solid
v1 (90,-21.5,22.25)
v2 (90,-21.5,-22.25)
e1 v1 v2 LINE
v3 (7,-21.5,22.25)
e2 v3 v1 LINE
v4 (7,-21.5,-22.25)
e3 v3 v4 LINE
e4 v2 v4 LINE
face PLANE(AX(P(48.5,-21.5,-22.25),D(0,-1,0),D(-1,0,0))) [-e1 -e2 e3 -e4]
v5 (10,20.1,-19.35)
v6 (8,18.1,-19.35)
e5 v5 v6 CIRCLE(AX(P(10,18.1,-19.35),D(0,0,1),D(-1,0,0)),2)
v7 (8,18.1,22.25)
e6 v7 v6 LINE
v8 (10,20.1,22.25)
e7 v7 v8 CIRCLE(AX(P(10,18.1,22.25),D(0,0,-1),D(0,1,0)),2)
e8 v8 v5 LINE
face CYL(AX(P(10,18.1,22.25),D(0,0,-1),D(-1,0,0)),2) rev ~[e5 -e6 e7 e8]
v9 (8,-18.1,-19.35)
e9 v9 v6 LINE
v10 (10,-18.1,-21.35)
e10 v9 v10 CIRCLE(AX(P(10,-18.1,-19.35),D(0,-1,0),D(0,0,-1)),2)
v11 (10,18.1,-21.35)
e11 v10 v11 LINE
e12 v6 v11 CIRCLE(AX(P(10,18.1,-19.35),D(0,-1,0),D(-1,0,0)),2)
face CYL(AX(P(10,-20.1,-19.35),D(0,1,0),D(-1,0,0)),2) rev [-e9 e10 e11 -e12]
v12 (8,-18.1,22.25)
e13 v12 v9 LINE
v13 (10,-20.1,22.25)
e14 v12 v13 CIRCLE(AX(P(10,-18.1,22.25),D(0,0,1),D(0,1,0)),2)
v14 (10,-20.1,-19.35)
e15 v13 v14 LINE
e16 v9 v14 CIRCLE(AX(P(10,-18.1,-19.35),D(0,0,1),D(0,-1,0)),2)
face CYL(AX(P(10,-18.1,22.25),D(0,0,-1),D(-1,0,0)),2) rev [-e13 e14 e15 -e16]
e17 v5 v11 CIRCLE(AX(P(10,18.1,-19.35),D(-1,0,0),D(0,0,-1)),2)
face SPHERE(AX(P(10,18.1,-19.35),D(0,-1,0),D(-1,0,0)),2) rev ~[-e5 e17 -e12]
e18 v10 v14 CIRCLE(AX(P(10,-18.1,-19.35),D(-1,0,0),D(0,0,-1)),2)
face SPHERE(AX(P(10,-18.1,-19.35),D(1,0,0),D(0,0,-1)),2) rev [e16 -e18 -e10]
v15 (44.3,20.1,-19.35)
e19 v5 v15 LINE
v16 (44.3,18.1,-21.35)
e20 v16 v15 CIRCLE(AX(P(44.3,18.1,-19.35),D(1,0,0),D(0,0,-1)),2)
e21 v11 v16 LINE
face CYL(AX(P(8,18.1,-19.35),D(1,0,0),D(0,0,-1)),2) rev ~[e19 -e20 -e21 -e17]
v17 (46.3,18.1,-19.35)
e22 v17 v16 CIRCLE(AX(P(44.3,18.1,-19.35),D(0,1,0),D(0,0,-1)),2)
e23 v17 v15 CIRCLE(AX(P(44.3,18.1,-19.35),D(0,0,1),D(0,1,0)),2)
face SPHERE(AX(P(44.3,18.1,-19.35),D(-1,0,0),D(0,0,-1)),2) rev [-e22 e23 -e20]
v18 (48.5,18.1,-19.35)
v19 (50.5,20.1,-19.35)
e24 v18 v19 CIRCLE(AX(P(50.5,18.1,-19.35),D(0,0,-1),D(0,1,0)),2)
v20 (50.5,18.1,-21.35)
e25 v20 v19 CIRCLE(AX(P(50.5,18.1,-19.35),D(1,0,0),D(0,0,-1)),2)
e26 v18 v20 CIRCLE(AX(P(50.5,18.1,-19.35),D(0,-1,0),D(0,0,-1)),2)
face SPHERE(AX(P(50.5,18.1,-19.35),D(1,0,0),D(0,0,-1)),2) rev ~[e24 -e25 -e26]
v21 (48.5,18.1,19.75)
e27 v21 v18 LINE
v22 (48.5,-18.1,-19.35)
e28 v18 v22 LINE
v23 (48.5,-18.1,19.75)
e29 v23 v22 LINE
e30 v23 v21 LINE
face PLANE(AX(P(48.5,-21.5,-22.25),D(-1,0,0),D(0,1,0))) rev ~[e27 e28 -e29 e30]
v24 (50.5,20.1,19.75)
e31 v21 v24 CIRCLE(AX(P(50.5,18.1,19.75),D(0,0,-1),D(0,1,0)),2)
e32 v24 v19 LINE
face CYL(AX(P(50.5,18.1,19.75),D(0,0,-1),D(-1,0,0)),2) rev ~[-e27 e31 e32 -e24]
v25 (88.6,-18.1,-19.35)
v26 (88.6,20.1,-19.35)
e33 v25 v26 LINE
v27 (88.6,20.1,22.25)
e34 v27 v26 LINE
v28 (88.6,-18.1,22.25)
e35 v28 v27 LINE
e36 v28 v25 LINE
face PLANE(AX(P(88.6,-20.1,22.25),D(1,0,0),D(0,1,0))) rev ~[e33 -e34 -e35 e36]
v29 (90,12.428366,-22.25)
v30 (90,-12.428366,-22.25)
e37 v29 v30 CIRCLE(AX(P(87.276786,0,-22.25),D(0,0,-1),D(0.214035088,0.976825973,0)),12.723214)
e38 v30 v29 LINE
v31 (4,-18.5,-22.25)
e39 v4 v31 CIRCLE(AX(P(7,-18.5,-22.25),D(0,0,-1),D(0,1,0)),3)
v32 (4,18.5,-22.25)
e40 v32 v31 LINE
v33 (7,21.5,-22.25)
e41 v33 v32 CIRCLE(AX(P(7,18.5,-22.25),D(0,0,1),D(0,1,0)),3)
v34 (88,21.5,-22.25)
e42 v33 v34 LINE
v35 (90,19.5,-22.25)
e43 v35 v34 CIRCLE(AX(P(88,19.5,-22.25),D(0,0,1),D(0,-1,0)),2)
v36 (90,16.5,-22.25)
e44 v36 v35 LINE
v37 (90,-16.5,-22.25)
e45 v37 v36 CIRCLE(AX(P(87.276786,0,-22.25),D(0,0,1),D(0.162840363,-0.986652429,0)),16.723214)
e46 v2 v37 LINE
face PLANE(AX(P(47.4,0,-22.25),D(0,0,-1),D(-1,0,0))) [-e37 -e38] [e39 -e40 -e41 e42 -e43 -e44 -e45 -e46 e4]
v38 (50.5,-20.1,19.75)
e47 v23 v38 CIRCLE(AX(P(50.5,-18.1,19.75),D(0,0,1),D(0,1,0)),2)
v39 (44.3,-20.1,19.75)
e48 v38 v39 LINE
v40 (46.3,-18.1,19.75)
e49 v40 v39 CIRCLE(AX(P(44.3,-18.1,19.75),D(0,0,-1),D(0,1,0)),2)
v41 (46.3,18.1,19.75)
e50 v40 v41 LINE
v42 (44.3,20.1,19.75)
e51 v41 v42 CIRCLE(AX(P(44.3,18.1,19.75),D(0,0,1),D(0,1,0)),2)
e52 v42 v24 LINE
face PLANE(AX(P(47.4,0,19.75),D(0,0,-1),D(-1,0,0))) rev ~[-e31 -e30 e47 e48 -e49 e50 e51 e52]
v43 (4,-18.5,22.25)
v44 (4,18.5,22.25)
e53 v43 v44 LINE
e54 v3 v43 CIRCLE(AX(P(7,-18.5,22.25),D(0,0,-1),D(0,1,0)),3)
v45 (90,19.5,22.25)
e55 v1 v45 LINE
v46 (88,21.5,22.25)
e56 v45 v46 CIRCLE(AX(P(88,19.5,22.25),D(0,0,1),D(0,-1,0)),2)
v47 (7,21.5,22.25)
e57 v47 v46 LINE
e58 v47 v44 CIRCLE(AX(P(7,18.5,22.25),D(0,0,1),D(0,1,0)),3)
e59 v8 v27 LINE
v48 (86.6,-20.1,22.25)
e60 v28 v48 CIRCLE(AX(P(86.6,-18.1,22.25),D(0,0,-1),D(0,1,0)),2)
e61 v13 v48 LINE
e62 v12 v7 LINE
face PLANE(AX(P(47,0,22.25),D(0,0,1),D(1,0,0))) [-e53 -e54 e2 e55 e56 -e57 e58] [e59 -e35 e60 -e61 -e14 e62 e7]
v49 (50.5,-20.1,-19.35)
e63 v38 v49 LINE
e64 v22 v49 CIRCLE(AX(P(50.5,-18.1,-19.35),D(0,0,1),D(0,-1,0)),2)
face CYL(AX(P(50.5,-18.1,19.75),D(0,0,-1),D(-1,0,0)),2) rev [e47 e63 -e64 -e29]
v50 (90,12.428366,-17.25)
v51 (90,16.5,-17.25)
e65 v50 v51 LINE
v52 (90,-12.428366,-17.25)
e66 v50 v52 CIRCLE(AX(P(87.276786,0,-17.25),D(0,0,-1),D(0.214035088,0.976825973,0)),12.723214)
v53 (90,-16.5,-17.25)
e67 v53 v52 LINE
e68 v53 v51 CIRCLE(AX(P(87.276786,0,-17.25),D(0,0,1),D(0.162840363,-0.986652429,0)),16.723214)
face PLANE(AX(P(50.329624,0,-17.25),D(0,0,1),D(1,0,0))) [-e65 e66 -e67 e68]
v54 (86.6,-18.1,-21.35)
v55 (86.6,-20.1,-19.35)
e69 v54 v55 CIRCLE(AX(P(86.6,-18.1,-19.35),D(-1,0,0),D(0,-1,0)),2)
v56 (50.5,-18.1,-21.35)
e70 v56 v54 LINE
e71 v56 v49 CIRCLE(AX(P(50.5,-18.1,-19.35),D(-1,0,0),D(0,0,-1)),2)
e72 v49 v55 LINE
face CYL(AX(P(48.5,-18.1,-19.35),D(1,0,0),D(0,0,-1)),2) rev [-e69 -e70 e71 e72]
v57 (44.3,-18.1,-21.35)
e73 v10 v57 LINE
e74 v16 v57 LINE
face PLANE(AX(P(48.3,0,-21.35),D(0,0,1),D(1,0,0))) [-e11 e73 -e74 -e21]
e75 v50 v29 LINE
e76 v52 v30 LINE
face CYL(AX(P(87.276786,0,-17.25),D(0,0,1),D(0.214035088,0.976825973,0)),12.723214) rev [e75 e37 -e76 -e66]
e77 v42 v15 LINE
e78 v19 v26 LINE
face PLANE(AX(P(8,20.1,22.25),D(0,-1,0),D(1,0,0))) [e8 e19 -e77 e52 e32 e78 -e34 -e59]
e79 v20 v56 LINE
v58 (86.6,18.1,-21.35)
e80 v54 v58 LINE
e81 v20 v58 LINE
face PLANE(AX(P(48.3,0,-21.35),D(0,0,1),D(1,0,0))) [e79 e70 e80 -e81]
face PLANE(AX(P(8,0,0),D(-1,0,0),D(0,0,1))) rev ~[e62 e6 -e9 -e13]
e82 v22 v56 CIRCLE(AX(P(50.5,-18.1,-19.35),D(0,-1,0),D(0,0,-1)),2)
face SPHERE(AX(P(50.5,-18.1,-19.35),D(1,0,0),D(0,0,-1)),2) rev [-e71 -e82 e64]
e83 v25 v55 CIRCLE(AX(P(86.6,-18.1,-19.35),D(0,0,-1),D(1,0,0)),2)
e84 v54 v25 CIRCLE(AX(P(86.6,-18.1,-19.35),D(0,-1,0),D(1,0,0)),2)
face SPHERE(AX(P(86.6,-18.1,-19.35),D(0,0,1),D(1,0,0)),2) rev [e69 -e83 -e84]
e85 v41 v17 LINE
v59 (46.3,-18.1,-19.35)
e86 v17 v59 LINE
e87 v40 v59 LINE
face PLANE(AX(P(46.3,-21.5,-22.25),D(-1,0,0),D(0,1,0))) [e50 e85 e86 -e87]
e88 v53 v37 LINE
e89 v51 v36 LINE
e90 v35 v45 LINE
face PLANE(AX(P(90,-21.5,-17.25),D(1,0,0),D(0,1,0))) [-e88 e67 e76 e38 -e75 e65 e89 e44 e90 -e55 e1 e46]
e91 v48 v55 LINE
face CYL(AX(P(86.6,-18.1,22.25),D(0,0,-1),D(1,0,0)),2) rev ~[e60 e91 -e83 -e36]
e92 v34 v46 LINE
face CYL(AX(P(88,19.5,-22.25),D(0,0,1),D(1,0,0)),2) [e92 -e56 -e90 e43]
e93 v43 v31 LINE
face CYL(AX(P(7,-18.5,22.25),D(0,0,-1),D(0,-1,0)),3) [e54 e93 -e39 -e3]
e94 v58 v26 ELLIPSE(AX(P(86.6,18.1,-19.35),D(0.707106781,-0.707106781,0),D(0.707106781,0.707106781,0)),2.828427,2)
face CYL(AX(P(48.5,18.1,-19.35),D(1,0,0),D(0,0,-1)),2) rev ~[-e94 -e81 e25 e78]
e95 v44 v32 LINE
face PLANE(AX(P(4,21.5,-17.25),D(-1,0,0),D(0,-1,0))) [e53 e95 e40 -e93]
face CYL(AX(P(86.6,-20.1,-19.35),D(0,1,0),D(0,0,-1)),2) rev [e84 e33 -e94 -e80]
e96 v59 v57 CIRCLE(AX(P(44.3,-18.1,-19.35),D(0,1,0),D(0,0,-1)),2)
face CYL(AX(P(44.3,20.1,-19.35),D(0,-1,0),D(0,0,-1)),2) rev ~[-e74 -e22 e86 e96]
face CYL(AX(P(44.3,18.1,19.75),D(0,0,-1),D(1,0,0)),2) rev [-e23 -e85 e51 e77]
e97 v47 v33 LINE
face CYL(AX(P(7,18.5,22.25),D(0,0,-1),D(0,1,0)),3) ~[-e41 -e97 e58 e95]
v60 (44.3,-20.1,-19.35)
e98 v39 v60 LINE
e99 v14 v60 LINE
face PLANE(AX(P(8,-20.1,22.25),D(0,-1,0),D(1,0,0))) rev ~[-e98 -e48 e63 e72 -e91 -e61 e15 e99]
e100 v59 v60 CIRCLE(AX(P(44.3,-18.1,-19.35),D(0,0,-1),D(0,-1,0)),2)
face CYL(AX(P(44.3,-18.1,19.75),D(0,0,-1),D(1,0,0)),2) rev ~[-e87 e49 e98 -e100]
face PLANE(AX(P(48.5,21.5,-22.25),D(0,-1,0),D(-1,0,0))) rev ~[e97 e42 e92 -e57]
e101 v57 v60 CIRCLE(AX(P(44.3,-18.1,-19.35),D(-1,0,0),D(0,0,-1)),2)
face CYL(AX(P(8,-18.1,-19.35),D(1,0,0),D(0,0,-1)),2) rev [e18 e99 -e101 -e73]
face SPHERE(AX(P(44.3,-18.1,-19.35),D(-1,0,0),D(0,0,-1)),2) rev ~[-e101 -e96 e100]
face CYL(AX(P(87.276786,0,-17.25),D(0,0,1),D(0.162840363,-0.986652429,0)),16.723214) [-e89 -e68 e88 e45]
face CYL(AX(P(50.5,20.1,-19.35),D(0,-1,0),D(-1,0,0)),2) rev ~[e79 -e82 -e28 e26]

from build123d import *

# Parameters (mm, degrees)
SKETCH_1_W                  = 86
SKETCH_1_H                  = 43
EXTRUDE_1_DEPTH             = 39.5
EXTRUDE_2_DEPTH             = 5
SKETCH_3_W                  = 80.6
SKETCH_3_H                  = 40.2
CUT_EXTRUDE_1_DEPTH         = 43.6
HOLE_WIZARD_8_3_8_3_1_D     = 8.3
HOLE_WIZARD_8_3_8_3_1_DEPTH = 3.2
FILLET_1_R                  = 3
EXTRUDE_START               = -4
SKETCH_6_R                  = 4.15
EXTRUDE_3_DEPTH             = 4
SKETCH_10_W                 = 2.2
SKETCH_10_H                 = 43
EXTRUDE_5_DEPTH             = 42
FILLET_2_R                  = 2


with BuildPart() as part:
    # Эскиз1 → Бобышка-Вытянуть1 (new body)
    with BuildSketch(Plane.XY.offset(22.25)):
        with Locations((47, 0)):
            Rectangle(SKETCH_1_W, SKETCH_1_H)
    extrude(amount=-EXTRUDE_1_DEPTH)

    # Эскиз2 → Бобышка-Вытянуть2 (add)
    with BuildSketch(Plane(origin=(0, 0, -17.25), x_dir=(-1, 0, 0), z_dir=(0, 0, -1))):
        with BuildLine():
            Line((-90, -21.5), (-90, -16.5))
            ThreePointArc((-90, -16.5), (-104, 0), (-90, 16.5))
            Line((-90, 16.5), (-90, 21.5))
            Line((-90, 21.5), (-4, 21.5))
            Line((-4, 21.5), (-4, -21.5))
            Line((-4, -21.5), (-90, -21.5))
        make_face()
        with BuildLine():
            Line((-90, -12.428366172), (-90, 12.428366172))
            ThreePointArc((-90, 12.428366172), (-100, 0), (-90, -12.428366172))
        make_face(mode=Mode.SUBTRACT)
    extrude(amount=EXTRUDE_2_DEPTH)

    # Эскиз3 → Вырез-Вытянуть1 (cut)
    with BuildSketch(Plane.XY.offset(22.25)):
        with Locations((48.3, 0)):
            Rectangle(SKETCH_3_W, SKETCH_3_H)
    extrude(amount=-CUT_EXTRUDE_1_DEPTH, mode=Mode.SUBTRACT)

    # Диаметр отверстия Ø8.3 (8.3)1
    with Locations(Plane.ZY.offset(-4)):
        with Locations((0, 0)):
            Hole(HOLE_WIZARD_8_3_8_3_1_D / 2, depth=HOLE_WIZARD_8_3_8_3_1_DEPTH)

    # Скругление1
    fillet_1_edges = [part.edges().sort_by_distance(p)[0] for p in [
        (4, -21.5, 0),
        (4, 21.5, 0),
    ]]
    fillet(fillet_1_edges, radius=FILLET_1_R)

    # Эскиз6 → Бобышка-Вытянуть3 (add)
    with BuildSketch(Plane.ZY.offset(-4).offset(EXTRUDE_START)):
        Circle(SKETCH_6_R)
    extrude(amount=EXTRUDE_3_DEPTH)

    # Эскиз10 → Бобышка-Вытянуть5 (add)
    with BuildSketch(Plane(origin=(0, 0, -22.25), x_dir=(-1, 0, 0), z_dir=(0, 0, -1))):
        with Locations((-47.4, 0)):
            Rectangle(SKETCH_10_W, SKETCH_10_H)
    extrude(amount=-EXTRUDE_5_DEPTH)

    # Скругление2
    fillet_2_edges = [part.edges().sort_by_distance(p)[0] for p in [
        (27.15, -20.1, -21.35),
        (88.6, -20.1, 0.45),
        (8, 0, -21.35),
        (8, -20.1, 0.45),
        (68.55, 20.1, -21.35),
        (8, 20.1, 0.45),
        (88.6, 0, -21.35),
        (68.55, -20.1, -21.35),
        (27.15, 20.1, -21.35),
        (48.5, 0, -21.35),
        (46.3, 0, -21.35),
        (90, 21.5, 0),
        (46.3, -20.1, -0.8),
        (46.3, 20.1, -0.8),
        (48.5, -20.1, -0.8),
        (48.5, 20.1, -0.8),
    ]]
    fillet(fillet_2_edges, radius=FILLET_2_R)


solid = part.part
